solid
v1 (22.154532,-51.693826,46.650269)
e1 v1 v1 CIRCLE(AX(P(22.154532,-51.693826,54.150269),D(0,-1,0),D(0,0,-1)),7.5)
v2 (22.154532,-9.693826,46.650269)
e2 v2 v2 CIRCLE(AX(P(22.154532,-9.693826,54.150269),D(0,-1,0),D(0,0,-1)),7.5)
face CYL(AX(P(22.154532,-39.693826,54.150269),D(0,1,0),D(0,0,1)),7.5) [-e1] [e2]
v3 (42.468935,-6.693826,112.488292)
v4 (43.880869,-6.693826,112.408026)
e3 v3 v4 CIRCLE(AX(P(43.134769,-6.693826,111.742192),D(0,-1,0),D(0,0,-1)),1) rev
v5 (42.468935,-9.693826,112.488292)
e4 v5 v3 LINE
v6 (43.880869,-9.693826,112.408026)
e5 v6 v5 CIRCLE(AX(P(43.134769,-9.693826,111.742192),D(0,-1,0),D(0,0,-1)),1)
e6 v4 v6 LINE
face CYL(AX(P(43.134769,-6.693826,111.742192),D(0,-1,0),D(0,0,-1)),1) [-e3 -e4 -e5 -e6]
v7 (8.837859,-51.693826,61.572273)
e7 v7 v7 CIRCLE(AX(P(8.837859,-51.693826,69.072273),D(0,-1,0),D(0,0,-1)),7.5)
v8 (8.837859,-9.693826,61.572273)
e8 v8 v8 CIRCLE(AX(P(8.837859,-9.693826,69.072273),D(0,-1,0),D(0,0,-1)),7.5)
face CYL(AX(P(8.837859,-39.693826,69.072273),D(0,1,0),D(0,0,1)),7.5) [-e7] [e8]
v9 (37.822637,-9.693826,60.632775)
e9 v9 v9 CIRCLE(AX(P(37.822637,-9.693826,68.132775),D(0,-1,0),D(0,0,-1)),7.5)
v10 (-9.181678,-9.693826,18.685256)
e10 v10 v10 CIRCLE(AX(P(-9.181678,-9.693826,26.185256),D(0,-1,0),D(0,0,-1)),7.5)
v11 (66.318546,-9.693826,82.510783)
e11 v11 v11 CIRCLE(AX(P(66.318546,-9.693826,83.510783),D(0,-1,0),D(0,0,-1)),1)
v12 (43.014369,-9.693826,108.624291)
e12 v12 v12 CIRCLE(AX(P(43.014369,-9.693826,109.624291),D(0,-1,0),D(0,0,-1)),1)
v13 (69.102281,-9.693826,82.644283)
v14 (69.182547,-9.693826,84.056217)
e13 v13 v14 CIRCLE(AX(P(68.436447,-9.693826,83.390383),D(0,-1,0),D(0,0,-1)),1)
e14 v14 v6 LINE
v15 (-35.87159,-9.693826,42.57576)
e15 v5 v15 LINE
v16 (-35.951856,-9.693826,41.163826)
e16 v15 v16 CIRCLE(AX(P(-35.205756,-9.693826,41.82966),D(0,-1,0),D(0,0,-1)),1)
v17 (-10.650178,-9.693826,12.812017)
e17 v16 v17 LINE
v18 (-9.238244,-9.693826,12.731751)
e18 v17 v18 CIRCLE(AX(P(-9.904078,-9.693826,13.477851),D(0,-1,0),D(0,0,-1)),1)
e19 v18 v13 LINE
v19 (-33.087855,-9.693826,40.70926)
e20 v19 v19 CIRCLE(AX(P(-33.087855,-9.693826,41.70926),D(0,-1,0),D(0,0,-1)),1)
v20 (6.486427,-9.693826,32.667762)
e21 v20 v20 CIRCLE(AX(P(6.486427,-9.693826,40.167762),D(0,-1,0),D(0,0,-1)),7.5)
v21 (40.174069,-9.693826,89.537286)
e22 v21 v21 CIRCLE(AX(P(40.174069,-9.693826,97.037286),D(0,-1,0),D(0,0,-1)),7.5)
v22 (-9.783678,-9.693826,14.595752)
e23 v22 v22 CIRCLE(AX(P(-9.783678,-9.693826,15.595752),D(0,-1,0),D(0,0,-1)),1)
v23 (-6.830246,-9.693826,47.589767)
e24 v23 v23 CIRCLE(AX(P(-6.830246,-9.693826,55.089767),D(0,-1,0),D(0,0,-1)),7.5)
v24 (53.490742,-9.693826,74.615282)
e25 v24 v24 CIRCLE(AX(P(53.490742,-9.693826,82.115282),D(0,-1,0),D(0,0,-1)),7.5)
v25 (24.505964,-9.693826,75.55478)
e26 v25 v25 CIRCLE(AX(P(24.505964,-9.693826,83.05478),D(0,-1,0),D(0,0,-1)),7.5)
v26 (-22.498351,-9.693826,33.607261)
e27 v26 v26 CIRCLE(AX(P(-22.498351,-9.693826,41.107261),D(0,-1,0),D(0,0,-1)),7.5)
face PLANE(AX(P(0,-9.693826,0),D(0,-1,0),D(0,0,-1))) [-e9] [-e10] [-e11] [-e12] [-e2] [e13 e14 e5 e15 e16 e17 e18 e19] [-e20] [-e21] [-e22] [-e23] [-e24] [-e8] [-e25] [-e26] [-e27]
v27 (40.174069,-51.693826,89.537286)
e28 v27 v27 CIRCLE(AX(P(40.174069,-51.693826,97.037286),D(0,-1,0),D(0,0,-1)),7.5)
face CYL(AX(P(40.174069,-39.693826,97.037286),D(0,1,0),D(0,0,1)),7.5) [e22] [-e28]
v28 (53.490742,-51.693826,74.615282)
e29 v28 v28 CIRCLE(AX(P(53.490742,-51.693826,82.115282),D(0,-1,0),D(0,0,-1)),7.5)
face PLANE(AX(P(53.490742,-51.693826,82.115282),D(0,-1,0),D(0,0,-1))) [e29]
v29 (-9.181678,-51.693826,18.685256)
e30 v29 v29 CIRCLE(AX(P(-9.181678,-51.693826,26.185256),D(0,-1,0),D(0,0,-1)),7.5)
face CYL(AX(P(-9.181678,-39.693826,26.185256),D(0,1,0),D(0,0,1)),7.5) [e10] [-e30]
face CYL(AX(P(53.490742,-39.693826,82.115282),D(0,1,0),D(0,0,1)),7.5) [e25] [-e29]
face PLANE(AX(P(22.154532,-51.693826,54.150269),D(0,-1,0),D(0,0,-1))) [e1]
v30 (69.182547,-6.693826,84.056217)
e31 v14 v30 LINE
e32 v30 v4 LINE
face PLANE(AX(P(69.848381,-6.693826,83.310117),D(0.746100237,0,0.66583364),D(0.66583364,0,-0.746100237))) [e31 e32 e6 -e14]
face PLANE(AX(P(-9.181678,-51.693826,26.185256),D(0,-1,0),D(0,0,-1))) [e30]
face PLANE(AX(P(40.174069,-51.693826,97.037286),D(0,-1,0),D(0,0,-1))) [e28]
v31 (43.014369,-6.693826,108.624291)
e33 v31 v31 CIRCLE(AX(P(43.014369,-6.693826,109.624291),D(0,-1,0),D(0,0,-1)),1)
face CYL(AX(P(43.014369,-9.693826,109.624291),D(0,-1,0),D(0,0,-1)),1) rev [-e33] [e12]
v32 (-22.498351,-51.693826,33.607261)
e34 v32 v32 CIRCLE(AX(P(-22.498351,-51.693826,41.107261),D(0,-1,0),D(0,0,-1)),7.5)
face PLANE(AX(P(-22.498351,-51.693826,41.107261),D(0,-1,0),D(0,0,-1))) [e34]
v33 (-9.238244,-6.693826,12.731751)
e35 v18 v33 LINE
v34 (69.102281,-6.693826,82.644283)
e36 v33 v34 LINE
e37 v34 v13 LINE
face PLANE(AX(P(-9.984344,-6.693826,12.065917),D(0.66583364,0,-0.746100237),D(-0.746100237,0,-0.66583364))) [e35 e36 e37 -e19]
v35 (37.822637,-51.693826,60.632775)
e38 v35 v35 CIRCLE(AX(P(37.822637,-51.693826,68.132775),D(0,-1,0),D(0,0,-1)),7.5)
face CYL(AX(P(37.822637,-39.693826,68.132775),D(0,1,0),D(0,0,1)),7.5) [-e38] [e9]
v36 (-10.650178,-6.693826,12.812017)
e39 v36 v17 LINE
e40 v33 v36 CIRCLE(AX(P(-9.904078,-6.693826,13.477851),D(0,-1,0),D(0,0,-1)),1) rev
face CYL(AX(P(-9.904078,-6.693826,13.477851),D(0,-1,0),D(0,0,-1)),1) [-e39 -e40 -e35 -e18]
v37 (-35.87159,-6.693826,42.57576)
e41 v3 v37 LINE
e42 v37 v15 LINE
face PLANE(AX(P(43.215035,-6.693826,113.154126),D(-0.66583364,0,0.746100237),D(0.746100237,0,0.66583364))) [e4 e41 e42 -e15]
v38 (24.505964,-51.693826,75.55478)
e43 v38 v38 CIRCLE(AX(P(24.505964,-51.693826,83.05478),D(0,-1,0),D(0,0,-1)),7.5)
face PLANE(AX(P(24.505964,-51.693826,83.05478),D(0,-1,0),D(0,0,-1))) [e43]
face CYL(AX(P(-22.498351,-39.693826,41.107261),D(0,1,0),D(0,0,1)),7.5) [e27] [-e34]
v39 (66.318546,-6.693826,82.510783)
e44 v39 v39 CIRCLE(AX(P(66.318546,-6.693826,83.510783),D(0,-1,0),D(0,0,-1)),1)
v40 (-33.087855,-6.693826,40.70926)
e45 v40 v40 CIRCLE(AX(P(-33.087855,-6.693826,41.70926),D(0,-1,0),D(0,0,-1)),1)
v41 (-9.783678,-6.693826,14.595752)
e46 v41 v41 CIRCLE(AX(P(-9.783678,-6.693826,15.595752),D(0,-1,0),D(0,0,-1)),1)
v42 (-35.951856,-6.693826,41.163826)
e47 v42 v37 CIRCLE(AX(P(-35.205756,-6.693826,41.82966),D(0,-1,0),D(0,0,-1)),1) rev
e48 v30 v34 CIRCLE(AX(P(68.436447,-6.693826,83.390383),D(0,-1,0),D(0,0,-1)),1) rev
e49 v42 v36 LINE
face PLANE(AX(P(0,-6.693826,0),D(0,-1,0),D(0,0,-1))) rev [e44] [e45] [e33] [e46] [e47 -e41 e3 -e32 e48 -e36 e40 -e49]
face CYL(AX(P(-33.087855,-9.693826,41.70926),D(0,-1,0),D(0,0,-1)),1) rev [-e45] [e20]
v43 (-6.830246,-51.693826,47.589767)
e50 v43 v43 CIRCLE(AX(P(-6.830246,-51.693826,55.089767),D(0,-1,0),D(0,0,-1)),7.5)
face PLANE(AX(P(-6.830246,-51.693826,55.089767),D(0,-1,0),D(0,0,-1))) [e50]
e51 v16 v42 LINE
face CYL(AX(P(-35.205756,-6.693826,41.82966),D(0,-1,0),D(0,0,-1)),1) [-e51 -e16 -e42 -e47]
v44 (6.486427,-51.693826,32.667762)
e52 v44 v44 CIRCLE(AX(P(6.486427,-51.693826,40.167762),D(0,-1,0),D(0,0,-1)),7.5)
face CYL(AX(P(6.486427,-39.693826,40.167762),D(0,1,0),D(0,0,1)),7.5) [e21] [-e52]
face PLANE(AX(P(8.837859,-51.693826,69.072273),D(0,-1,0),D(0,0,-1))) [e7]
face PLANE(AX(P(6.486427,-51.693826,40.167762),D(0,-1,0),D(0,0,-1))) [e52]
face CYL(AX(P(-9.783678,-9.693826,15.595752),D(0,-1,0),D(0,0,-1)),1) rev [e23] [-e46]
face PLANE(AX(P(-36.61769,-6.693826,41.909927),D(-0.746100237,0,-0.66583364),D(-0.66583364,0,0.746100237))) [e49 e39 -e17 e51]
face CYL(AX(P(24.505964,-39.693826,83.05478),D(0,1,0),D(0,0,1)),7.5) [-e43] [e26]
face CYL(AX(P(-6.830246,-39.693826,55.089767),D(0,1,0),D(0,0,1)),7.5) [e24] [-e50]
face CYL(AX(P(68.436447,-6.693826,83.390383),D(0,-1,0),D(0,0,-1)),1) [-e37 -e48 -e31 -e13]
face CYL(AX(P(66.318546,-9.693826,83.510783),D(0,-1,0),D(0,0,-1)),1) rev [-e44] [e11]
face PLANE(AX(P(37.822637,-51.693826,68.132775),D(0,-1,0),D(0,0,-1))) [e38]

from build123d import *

# Parameters (mm, degrees)
EXTRUDE_1_DEPTH       = 3
SKETCH_2_W            = 7.5
SKETCH_2_H            = 30
SKETCH_3_W            = 7.5
SKETCH_3_H            = 30
SKETCH_4_W            = 7.5
SKETCH_4_H            = 30
SKETCH_5_W            = 7.5
SKETCH_5_H            = 30
SKETCH_6_W            = 7.5
SKETCH_6_H            = 30
SKETCH_7_W            = 7.5
SKETCH_7_H            = 30
SKETCH_8_W            = 7.5
SKETCH_8_H            = 30
SKETCH_9_W            = 7.5
SKETCH_9_H            = 30
SKETCH_10_W           = 7.5
SKETCH_10_H           = 30
SKETCH_11_W           = 7.5
SKETCH_11_H           = 30
HOLE_WIZARD_2_0_2_1_D = 2
FILLET_1_R            = 1
EXTRUDE_START         = 12
SKETCH_14_R           = 7.5
EXTRUDE_2_DEPTH       = 12


with BuildPart() as part:
    # 草图1 → 凸台-拉伸1 (new body)
    with BuildSketch(Plane.XZ.offset(9.693825789)):
        Polygon((-36.617689836, 41.909926554), (-9.984344221, 12.065917083), (69.848381115, 83.310116605), (43.215035499, 113.154126076), align=None)
    extrude(amount=-EXTRUDE_1_DEPTH)

    # 草图2 → 旋转1 (revolve)
    with BuildSketch(Plane(origin=(0, 0, 68.132775199), x_dir=(-1, 0, 0), z_dir=(0, 0, -1)), mode=Mode.PRIVATE) as revolve_1_sk:
        with Locations((-41.57263666, -24.693825789)):
            Rectangle(SKETCH_2_W, SKETCH_2_H)
    revolve(revolve_1_sk.sketch.rotate(Axis((37.82263666, -39.693825789, 68.132775199), (0, 1, 0)), 270), axis=Axis((37.82263666, -39.693825789, 68.132775199), (0, 1, 0)))

    # 草图3 → 旋转2 (revolve)
    with BuildSketch(Plane(origin=(0, 0, 83.054779935), x_dir=(-1, 0, 0), z_dir=(0, 0, -1)), mode=Mode.PRIVATE) as revolve_2_sk:
        with Locations((-28.255963852, -24.693825789)):
            Rectangle(SKETCH_3_W, SKETCH_3_H)
    revolve(revolve_2_sk.sketch.rotate(Axis((24.505963852, -39.693825789, 83.054779935), (0, 1, 0)), 270), axis=Axis((24.505963852, -39.693825789, 83.054779935), (0, 1, 0)))

    # 草图4 → 旋转3 (revolve)
    with BuildSketch(Plane(origin=(0, 0, 97.037286383), x_dir=(-1, 0, 0), z_dir=(0, 0, -1)), mode=Mode.PRIVATE) as revolve_3_sk:
        with Locations((-43.924068825, -24.693825789)):
            Rectangle(SKETCH_4_W, SKETCH_4_H)
    revolve(revolve_3_sk.sketch.rotate(Axis((40.174068825, -39.693825789, 97.037286383), (0, 1, 0)), 270), axis=Axis((40.174068825, -39.693825789, 97.037286383), (0, 1, 0)))

    # 草图5 → 旋转4 (revolve)
    with BuildSketch(Plane(origin=(0, 0, 82.115281647), x_dir=(-1, 0, 0), z_dir=(0, 0, -1)), mode=Mode.PRIVATE) as revolve_4_sk:
        with Locations((-57.240741633, -24.693825789)):
            Rectangle(SKETCH_5_W, SKETCH_5_H)
    revolve(revolve_4_sk.sketch.rotate(Axis((53.490741633, -39.693825789, 82.115281647), (0, 1, 0)), 270), axis=Axis((53.490741633, -39.693825789, 82.115281647), (0, 1, 0)))

    # 草图6 → 旋转5 (revolve)
    with BuildSketch(Plane(origin=(0, 0, 69.072273487), x_dir=(-1, 0, 0), z_dir=(0, 0, -1)), mode=Mode.PRIVATE) as revolve_5_sk:
        with Locations((-12.58785888, -24.693825789)):
            Rectangle(SKETCH_6_W, SKETCH_6_H)
    revolve(revolve_5_sk.sketch.rotate(Axis((8.83785888, -39.693825789, 69.072273487), (0, 1, 0)), 270), axis=Axis((8.83785888, -39.693825789, 69.072273487), (0, 1, 0)))

    # 草图7 → 旋转6 (revolve)
    with BuildSketch(Plane(origin=(0, 0, 55.089767038), x_dir=(-1, 0, 0), z_dir=(0, 0, -1)), mode=Mode.PRIVATE) as revolve_6_sk:
        with Locations((3.080246092, -24.693825789)):
            Rectangle(SKETCH_7_W, SKETCH_7_H)
    revolve(revolve_6_sk.sketch.rotate(Axis((-6.830246092, -39.693825789, 55.089767038), (0, 1, 0)), 270), axis=Axis((-6.830246092, -39.693825789, 55.089767038), (0, 1, 0)))

    # 草图8 → 旋转7 (revolve)
    with BuildSketch(Plane(origin=(0, 0, 41.10726059), x_dir=(-1, 0, 0), z_dir=(0, 0, -1)), mode=Mode.PRIVATE) as revolve_7_sk:
        with Locations((18.748351065, -24.693825789)):
            Rectangle(SKETCH_8_W, SKETCH_8_H)
    revolve(revolve_7_sk.sketch.rotate(Axis((-22.498351065, -39.693825789, 41.10726059), (0, 1, 0)), 270), axis=Axis((-22.498351065, -39.693825789, 41.10726059), (0, 1, 0)))

    # 草图9 → 旋转8 (revolve)
    with BuildSketch(Plane(origin=(0, 0, 54.150268751), x_dir=(-1, 0, 0), z_dir=(0, 0, -1)), mode=Mode.PRIVATE) as revolve_8_sk:
        with Locations((-25.904531688, -24.693825789)):
            Rectangle(SKETCH_9_W, SKETCH_9_H)
    revolve(revolve_8_sk.sketch.rotate(Axis((22.154531688, -39.693825789, 54.150268751), (0, 1, 0)), 270), axis=Axis((22.154531688, -39.693825789, 54.150268751), (0, 1, 0)))

    # 草图10 → 旋转9 (revolve)
    with BuildSketch(Plane(origin=(0, 0, 40.167762303), x_dir=(-1, 0, 0), z_dir=(0, 0, -1)), mode=Mode.PRIVATE) as revolve_9_sk:
        with Locations((-10.236426715, -24.693825789)):
            Rectangle(SKETCH_10_W, SKETCH_10_H)
    revolve(revolve_9_sk.sketch.rotate(Axis((6.486426715, -39.693825789, 40.167762303), (0, 1, 0)), 270), axis=Axis((6.486426715, -39.693825789, 40.167762303), (0, 1, 0)))

    # 草图11 → 旋转10 (revolve)
    with BuildSketch(Plane(origin=(0, 0, 26.185255855), x_dir=(-1, 0, 0), z_dir=(0, 0, -1)), mode=Mode.PRIVATE) as revolve_10_sk:
        with Locations((5.431678257, -24.693825789)):
            Rectangle(SKETCH_11_W, SKETCH_11_H)
    revolve(revolve_10_sk.sketch.rotate(Axis((-9.181678257, -39.693825789, 26.185255855), (0, 1, 0)), 270), axis=Axis((-9.181678257, -39.693825789, 26.185255855), (0, 1, 0)))

    # Ø2.0 (2) 直径孔1 (through all)
    with Locations(Plane(origin=(0, -9.693825789, 0), x_dir=(-1, 0, 0), z_dir=(0, -1, 0))):
        with Locations((-43.014369008, -109.624291383), (9.78367773, -15.595751776), (33.087855144, -41.709260063), (-66.318546422, -83.510783096)):
            Hole(HOLE_WIZARD_2_0_2_1_D / 2)

    # 圆角1
    fillet_1_edges = [part.edges().sort_by_distance(p)[0] for p in [
        (43.215035499, -8.193825789, 113.154126076),
        (69.848381115, -8.193825789, 83.310116605),
        (-9.984344221, -8.193825789, 12.065917083),
        (-36.617689836, -8.193825789, 41.909926554),
    ]]
    fillet(fillet_1_edges, radius=FILLET_1_R)

    # 草图14 → 凸台-拉伸2 (add)
    with BuildSketch(Plane.XZ.offset(39.693825789).offset(EXTRUDE_START)):
        with Locations(Location((40.174068825, 97.037286383, 0), (0, 0, 270))):
            Circle(SKETCH_14_R)
        with Locations(Location((24.505963852, 83.054779935, 0), (0, 0, 270))):
            Circle(SKETCH_14_R)
        with Locations(Location((8.83785888, 69.072273487, 0), (0, 0, 270))):
            Circle(SKETCH_14_R)
        with Locations(Location((-6.830246092, 55.089767038, 0), (0, 0, 270))):
            Circle(SKETCH_14_R)
        with Locations(Location((-22.498351065, 41.10726059, 0), (0, 0, 270))):
            Circle(SKETCH_14_R)
        with Locations(Location((-9.181678257, 26.185255855, 0), (0, 0, 270))):
            Circle(SKETCH_14_R)
        with Locations(Location((6.486426715, 40.167762303, 0), (0, 0, 270))):
            Circle(SKETCH_14_R)
        with Locations(Location((22.154531688, 54.150268751, 0), (0, 0, 270))):
            Circle(SKETCH_14_R)
        with Locations(Location((37.82263666, 68.132775199, 0), (0, 0, 270))):
            Circle(SKETCH_14_R)
        with Locations(Location((53.490741633, 82.115281647, 0), (0, 0, 270))):
            Circle(SKETCH_14_R)
    extrude(amount=-EXTRUDE_2_DEPTH)


solid = part.part
